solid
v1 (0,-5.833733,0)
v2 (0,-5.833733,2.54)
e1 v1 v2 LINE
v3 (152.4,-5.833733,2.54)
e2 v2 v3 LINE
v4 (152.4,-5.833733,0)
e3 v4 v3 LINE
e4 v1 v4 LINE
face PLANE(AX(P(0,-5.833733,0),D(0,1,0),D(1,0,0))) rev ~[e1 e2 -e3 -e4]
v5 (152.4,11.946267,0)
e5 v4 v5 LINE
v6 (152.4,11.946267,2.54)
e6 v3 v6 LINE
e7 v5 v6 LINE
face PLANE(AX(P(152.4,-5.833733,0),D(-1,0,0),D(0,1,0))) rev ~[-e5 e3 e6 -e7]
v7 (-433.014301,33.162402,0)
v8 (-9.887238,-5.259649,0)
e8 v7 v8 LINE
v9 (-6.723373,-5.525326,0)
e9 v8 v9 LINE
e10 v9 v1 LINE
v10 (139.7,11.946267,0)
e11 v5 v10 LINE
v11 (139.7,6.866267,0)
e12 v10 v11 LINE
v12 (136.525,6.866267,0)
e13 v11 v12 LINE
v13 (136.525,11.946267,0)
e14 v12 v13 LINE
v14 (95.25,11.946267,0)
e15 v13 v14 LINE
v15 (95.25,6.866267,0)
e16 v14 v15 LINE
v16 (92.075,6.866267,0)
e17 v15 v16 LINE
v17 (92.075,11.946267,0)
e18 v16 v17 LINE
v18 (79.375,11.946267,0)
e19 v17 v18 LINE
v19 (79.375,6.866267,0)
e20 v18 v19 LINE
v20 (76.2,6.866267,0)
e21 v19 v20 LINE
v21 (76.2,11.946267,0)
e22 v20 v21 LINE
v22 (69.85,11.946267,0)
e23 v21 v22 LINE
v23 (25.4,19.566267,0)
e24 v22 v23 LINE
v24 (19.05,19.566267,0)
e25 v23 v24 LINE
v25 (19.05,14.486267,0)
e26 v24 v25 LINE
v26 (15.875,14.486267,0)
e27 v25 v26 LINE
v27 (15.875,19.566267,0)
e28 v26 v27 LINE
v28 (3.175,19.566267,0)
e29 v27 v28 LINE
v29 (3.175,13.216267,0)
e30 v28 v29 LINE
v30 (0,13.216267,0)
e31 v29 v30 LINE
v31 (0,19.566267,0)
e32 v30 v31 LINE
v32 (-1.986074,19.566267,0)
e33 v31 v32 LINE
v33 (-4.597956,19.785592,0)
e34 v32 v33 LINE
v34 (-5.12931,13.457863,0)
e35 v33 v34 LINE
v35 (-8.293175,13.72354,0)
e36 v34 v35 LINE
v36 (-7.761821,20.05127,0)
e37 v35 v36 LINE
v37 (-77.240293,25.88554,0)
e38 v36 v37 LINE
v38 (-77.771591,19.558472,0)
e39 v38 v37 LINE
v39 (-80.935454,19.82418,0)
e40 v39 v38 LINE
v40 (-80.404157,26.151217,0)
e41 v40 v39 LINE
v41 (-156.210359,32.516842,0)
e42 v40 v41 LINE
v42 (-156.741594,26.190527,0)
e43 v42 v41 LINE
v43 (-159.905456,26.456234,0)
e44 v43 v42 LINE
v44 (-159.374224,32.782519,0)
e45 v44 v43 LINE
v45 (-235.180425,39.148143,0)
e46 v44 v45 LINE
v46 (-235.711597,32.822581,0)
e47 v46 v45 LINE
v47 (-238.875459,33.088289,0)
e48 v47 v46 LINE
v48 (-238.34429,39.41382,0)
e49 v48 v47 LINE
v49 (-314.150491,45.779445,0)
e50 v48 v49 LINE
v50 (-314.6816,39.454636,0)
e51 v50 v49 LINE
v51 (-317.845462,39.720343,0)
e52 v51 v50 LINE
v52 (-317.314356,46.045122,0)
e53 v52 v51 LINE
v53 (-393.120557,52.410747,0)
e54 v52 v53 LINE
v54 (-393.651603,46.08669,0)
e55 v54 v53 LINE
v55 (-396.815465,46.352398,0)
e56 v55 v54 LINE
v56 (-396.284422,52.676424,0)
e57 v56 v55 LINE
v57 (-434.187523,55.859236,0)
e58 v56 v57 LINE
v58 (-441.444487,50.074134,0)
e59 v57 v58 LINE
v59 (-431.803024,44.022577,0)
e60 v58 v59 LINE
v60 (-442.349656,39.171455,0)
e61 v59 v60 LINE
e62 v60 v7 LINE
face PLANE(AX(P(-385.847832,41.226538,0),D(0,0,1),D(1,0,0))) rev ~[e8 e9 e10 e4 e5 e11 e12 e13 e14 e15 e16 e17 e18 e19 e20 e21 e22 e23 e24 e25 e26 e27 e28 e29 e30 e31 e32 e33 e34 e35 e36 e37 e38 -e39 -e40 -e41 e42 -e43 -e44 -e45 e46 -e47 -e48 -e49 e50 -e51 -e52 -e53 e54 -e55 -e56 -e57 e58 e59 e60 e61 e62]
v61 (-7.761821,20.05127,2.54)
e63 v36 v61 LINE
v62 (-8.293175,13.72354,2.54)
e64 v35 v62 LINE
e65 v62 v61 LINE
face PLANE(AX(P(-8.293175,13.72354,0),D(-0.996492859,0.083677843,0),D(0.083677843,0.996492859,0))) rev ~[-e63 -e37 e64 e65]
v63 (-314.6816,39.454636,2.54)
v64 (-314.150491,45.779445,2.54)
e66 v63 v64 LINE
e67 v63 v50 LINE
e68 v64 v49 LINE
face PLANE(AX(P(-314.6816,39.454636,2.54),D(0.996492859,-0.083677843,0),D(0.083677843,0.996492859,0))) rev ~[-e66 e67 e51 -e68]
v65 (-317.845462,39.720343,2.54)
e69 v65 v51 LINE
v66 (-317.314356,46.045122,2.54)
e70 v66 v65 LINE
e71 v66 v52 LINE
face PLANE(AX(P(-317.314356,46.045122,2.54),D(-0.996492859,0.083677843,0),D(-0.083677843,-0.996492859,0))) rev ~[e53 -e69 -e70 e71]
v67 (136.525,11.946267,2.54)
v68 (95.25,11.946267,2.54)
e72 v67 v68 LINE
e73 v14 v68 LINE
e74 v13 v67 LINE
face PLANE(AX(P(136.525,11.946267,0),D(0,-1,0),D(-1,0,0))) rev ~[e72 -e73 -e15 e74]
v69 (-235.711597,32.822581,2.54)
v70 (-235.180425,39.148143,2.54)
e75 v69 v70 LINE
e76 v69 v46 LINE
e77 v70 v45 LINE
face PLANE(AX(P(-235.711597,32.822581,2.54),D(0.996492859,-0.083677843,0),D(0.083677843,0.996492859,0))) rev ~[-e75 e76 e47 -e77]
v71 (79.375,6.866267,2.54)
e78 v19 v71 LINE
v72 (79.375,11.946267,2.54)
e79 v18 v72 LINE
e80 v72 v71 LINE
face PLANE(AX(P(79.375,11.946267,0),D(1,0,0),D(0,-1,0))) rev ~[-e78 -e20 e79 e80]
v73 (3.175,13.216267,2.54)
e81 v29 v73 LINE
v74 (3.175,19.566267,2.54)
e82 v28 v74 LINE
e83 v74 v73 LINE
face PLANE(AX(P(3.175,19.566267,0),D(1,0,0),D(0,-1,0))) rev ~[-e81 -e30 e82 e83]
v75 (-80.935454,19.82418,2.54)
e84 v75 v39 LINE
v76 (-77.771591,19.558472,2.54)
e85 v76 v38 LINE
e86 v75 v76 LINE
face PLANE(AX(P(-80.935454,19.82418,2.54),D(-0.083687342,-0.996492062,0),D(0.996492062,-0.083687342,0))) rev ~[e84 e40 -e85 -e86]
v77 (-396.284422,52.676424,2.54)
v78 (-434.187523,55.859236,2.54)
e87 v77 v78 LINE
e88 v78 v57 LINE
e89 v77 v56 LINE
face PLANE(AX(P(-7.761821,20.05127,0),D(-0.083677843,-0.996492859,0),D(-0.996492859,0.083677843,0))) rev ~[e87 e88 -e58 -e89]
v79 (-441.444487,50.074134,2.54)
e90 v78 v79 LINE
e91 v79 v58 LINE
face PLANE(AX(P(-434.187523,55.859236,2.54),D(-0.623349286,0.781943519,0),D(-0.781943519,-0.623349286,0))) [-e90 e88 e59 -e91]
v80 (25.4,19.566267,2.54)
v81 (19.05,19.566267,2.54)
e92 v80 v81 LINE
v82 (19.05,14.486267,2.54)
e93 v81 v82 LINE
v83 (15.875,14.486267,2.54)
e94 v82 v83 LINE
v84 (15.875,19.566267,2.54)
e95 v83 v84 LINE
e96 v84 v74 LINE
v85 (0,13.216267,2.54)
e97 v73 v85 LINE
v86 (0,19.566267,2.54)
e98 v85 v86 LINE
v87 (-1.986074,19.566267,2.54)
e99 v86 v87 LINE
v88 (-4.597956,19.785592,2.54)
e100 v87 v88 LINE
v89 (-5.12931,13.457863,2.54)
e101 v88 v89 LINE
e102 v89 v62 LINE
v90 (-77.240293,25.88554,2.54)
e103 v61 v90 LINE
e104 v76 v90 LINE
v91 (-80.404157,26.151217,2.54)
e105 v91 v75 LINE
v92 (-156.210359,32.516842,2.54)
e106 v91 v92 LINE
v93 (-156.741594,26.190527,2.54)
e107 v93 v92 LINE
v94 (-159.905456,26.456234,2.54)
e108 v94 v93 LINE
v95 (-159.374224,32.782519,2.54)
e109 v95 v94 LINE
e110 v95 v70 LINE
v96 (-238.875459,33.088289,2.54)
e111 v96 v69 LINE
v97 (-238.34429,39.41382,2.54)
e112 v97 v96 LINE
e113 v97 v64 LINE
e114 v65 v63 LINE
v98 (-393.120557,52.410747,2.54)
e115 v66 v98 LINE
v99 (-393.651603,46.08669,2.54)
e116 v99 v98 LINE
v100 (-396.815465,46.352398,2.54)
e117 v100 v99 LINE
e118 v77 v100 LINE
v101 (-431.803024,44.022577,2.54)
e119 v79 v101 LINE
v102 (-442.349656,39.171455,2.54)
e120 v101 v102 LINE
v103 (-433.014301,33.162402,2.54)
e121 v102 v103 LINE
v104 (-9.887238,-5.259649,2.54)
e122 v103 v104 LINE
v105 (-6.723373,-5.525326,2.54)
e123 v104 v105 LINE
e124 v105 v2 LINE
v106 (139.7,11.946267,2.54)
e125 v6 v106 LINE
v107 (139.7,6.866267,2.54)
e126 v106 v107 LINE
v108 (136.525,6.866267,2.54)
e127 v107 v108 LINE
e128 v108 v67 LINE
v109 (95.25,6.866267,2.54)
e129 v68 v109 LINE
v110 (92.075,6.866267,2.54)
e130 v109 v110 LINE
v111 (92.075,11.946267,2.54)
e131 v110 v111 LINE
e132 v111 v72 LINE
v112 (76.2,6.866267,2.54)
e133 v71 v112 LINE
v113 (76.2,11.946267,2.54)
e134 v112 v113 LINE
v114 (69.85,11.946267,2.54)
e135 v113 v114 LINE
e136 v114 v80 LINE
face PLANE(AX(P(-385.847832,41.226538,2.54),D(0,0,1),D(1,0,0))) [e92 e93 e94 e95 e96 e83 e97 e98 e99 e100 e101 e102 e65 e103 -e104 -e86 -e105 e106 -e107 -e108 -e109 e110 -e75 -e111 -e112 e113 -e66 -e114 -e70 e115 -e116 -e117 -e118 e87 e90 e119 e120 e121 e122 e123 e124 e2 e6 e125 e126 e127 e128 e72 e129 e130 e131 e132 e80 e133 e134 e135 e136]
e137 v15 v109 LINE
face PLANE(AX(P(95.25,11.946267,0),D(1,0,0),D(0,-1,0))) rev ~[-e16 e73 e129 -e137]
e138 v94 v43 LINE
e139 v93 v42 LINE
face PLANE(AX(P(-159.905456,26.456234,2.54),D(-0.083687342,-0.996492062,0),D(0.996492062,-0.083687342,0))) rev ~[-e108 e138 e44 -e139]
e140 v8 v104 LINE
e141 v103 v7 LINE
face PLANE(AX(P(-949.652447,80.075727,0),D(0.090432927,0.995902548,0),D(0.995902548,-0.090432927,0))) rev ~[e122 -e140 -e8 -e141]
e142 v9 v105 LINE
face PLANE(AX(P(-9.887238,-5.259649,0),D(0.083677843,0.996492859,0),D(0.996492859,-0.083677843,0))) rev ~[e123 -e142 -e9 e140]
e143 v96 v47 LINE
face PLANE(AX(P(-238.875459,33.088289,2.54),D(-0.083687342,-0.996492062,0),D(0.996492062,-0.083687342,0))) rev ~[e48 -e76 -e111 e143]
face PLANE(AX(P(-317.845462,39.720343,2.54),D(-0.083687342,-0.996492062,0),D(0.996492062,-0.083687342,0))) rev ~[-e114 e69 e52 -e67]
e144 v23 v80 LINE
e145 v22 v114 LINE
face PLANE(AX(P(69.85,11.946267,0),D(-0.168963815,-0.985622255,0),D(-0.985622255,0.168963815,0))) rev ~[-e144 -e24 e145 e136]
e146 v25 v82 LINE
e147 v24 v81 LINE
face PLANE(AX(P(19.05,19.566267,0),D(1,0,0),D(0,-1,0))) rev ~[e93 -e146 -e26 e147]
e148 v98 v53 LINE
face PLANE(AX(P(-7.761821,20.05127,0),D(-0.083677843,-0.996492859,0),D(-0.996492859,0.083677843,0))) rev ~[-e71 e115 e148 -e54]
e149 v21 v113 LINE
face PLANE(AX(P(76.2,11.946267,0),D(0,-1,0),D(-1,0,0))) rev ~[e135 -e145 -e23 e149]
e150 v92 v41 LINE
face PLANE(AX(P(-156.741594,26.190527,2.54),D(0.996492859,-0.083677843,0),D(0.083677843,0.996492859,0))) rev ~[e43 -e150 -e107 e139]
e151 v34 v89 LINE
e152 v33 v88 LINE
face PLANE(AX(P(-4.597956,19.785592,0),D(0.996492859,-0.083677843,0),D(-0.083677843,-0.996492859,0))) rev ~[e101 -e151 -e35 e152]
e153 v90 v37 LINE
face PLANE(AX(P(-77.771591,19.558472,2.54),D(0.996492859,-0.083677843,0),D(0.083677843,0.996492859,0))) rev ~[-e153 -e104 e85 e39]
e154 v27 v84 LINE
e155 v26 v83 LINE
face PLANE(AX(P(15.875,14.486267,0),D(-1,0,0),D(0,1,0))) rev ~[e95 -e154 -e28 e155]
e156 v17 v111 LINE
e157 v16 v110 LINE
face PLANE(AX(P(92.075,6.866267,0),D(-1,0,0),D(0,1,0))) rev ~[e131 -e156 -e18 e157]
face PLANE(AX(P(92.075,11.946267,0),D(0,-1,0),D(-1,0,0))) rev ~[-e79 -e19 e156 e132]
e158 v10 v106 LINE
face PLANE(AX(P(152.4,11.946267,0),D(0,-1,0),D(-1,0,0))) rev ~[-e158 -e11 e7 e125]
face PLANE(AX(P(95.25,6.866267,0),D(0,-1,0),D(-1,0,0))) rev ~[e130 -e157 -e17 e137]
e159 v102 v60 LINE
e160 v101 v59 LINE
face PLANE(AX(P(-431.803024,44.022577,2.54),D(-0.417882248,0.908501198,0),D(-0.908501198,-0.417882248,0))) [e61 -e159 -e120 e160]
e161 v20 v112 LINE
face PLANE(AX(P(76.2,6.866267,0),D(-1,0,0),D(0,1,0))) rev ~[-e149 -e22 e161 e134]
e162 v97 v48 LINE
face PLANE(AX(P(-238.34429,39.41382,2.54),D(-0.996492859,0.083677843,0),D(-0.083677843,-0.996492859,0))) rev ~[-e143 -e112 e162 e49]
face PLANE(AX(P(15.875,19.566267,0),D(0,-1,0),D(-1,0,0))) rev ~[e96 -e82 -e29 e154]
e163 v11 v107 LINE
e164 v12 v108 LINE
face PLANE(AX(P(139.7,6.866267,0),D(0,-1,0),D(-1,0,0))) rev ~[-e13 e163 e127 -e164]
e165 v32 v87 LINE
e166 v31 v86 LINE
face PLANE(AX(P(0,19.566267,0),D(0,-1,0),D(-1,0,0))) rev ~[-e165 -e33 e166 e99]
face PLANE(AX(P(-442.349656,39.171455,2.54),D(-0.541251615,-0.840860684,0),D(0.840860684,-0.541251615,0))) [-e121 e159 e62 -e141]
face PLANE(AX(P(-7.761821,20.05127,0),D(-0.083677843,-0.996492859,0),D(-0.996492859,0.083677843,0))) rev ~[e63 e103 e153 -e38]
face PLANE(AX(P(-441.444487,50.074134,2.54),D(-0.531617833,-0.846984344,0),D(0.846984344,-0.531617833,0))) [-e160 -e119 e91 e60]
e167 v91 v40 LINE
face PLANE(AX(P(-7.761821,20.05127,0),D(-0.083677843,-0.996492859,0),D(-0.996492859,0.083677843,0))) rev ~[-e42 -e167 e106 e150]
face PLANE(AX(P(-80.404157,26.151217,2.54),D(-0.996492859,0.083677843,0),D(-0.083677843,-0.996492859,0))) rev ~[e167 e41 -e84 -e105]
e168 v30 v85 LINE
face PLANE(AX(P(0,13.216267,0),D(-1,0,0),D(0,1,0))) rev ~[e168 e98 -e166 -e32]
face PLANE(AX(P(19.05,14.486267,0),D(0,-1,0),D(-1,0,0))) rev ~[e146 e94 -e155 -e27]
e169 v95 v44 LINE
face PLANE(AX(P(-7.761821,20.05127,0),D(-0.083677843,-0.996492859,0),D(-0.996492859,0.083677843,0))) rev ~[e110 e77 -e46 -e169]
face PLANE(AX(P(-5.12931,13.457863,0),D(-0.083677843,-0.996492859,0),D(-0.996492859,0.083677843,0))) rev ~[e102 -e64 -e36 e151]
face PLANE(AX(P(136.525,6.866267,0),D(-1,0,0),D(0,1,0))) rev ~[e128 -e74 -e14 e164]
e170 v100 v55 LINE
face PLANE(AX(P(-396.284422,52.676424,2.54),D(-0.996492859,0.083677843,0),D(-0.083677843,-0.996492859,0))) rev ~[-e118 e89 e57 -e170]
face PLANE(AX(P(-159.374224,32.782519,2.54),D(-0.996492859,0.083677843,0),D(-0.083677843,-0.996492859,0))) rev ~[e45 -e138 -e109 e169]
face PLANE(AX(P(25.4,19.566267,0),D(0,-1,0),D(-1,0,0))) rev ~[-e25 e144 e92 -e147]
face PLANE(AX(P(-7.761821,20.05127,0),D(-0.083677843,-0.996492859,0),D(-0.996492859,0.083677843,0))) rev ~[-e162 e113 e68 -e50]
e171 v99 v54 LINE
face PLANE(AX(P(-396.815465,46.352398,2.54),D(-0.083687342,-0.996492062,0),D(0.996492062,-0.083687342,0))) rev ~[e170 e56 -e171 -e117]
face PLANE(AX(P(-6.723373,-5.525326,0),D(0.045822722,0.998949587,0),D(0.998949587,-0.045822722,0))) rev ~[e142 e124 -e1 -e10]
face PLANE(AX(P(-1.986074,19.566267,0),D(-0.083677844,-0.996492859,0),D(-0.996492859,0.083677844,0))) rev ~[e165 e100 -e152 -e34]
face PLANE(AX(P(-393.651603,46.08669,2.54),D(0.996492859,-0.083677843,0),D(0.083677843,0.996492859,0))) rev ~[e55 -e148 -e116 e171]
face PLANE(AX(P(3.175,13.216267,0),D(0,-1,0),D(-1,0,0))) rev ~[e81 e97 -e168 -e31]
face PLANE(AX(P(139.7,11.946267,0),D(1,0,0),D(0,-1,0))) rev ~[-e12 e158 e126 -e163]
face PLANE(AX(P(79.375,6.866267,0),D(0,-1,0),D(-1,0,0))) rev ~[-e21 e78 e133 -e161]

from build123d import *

# Parameters (mm, degrees)
BOSS_EXTRUDE1_DEPTH     = 2.54
CUT_EXTRUDE1_DEPTH      = 1
CUT_EXTRUDE1_DEPTH_BACK = 3.54
CUT_EXTRUDE2_DEPTH      = 7.62


with BuildPart() as part:
    # Sketch1 → Boss-Extrude1 (new body)
    with BuildSketch(Plane.XY):
        Polygon((-945.957227657, 86.137779906), (-945.969713578, 86.1172966), (-949.121092485, 86.403457059), (-949.65244679, 80.075727402), (-9.887238192, -5.25964904), (-6.723373364, -5.525326193), (0, -5.833733414), (152.4, -5.833733414), (152.4, 11.946266586), (139.7, 11.946266586), (139.7, 6.866266586), (136.525, 6.866266586), (136.525, 11.946266586), (95.25, 11.946266586), (95.25, 6.866266586), (92.075, 6.866266586), (92.075, 11.946266586), (79.375, 11.946266586), (79.375, 6.866266586), (76.2, 6.866266586), (76.2, 11.946266586), (69.85, 11.946266586), (25.4, 19.566266586), (19.05, 19.566266586), (19.05, 14.486266586), (15.875, 14.486266586), (15.875, 19.566266586), (3.175, 19.566266586), (3.175, 13.216266586), (0, 13.216266586), (0, 19.566266586), (-1.98607431, 19.566266586), (-4.597956143, 19.785592432), (-5.129310448, 13.457862776), (-8.293175277, 13.723539928), (-7.761820971, 20.051269584), (-944.89858306, 98.744842179), align=None)
    extrude(amount=BOSS_EXTRUDE1_DEPTH)

    # Sketch2 → Cut-Extrude1 (cut, two sides)
    with BuildSketch(Plane.XY.offset(2.54)) as cut_extrude1_sk:
        Polygon((-867.4716203, 85.879017088), (-866.940953695, 92.198557139), (-870.104818523, 92.464234292), (-870.635482595, 86.144724398), align=None)
        Polygon((-788.501617399, 79.246962625), (-787.970887585, 85.567255411), (-791.134752413, 85.832932563), (-791.665479694, 79.512669935), align=None)
        Polygon((-709.531614498, 72.614908162), (-709.000821475, 78.935953682), (-712.164686303, 79.201630835), (-712.695476794, 72.880615473), align=None)
        Polygon((-630.561611597, 65.9828537), (-630.030755365, 72.304651954), (-633.194620194, 72.570329107), (-633.725473893, 66.24856101), align=None)
        Polygon((-551.591608696, 59.350799237), (-551.060689256, 65.673350226), (-554.224554084, 65.939027378), (-554.755470992, 59.616506547), align=None)
        Polygon((-472.621605795, 52.718744774), (-472.090623146, 59.042048497), (-475.254487974, 59.30772565), (-475.785468091, 52.984452084), align=None)
        Polygon((-393.651602894, 46.086690311), (-393.120557036, 52.410746769), (-396.284421864, 52.676423921), (-396.81546519, 46.352397622), align=None)
        Polygon((-314.681599993, 39.454635849), (-314.150490926, 45.77944504), (-317.314355754, 46.045122193), (-317.845462289, 39.720343159), align=None)
        Polygon((-235.711597092, 32.822581386), (-235.180424816, 39.148143312), (-238.344289645, 39.413820465), (-238.875459388, 33.088288696), align=None)
        Polygon((-156.741594191, 26.190526923), (-156.210358707, 32.516841584), (-159.374223535, 32.782518736), (-159.905456487, 26.456234233), align=None)
        Polygon((-77.240292597, 25.885539855), (-80.404157425, 26.151217008), (-80.935453586, 19.824179771), (-77.77159129, 19.55847246), align=None)
    extrude(amount=CUT_EXTRUDE1_DEPTH, mode=Mode.SUBTRACT)
    extrude(cut_extrude1_sk.sketch, amount=-CUT_EXTRUDE1_DEPTH_BACK, mode=Mode.SUBTRACT)

    # Sketch3 → Cut-Extrude2 (cut)
    with BuildSketch(Plane.XY.offset(2.54)):
        Polygon((-434.187522505, 55.859236209), (-441.444486836, 50.074133547), (-431.803024179, 44.022577198), (-442.349656028, 39.171455119), (-433.014300591, 33.162402364), (-1000.074058288, -11.780320021), (-979.22273749, 133.880780984), align=None)
    extrude(amount=-CUT_EXTRUDE2_DEPTH, mode=Mode.SUBTRACT)


solid = part.part
